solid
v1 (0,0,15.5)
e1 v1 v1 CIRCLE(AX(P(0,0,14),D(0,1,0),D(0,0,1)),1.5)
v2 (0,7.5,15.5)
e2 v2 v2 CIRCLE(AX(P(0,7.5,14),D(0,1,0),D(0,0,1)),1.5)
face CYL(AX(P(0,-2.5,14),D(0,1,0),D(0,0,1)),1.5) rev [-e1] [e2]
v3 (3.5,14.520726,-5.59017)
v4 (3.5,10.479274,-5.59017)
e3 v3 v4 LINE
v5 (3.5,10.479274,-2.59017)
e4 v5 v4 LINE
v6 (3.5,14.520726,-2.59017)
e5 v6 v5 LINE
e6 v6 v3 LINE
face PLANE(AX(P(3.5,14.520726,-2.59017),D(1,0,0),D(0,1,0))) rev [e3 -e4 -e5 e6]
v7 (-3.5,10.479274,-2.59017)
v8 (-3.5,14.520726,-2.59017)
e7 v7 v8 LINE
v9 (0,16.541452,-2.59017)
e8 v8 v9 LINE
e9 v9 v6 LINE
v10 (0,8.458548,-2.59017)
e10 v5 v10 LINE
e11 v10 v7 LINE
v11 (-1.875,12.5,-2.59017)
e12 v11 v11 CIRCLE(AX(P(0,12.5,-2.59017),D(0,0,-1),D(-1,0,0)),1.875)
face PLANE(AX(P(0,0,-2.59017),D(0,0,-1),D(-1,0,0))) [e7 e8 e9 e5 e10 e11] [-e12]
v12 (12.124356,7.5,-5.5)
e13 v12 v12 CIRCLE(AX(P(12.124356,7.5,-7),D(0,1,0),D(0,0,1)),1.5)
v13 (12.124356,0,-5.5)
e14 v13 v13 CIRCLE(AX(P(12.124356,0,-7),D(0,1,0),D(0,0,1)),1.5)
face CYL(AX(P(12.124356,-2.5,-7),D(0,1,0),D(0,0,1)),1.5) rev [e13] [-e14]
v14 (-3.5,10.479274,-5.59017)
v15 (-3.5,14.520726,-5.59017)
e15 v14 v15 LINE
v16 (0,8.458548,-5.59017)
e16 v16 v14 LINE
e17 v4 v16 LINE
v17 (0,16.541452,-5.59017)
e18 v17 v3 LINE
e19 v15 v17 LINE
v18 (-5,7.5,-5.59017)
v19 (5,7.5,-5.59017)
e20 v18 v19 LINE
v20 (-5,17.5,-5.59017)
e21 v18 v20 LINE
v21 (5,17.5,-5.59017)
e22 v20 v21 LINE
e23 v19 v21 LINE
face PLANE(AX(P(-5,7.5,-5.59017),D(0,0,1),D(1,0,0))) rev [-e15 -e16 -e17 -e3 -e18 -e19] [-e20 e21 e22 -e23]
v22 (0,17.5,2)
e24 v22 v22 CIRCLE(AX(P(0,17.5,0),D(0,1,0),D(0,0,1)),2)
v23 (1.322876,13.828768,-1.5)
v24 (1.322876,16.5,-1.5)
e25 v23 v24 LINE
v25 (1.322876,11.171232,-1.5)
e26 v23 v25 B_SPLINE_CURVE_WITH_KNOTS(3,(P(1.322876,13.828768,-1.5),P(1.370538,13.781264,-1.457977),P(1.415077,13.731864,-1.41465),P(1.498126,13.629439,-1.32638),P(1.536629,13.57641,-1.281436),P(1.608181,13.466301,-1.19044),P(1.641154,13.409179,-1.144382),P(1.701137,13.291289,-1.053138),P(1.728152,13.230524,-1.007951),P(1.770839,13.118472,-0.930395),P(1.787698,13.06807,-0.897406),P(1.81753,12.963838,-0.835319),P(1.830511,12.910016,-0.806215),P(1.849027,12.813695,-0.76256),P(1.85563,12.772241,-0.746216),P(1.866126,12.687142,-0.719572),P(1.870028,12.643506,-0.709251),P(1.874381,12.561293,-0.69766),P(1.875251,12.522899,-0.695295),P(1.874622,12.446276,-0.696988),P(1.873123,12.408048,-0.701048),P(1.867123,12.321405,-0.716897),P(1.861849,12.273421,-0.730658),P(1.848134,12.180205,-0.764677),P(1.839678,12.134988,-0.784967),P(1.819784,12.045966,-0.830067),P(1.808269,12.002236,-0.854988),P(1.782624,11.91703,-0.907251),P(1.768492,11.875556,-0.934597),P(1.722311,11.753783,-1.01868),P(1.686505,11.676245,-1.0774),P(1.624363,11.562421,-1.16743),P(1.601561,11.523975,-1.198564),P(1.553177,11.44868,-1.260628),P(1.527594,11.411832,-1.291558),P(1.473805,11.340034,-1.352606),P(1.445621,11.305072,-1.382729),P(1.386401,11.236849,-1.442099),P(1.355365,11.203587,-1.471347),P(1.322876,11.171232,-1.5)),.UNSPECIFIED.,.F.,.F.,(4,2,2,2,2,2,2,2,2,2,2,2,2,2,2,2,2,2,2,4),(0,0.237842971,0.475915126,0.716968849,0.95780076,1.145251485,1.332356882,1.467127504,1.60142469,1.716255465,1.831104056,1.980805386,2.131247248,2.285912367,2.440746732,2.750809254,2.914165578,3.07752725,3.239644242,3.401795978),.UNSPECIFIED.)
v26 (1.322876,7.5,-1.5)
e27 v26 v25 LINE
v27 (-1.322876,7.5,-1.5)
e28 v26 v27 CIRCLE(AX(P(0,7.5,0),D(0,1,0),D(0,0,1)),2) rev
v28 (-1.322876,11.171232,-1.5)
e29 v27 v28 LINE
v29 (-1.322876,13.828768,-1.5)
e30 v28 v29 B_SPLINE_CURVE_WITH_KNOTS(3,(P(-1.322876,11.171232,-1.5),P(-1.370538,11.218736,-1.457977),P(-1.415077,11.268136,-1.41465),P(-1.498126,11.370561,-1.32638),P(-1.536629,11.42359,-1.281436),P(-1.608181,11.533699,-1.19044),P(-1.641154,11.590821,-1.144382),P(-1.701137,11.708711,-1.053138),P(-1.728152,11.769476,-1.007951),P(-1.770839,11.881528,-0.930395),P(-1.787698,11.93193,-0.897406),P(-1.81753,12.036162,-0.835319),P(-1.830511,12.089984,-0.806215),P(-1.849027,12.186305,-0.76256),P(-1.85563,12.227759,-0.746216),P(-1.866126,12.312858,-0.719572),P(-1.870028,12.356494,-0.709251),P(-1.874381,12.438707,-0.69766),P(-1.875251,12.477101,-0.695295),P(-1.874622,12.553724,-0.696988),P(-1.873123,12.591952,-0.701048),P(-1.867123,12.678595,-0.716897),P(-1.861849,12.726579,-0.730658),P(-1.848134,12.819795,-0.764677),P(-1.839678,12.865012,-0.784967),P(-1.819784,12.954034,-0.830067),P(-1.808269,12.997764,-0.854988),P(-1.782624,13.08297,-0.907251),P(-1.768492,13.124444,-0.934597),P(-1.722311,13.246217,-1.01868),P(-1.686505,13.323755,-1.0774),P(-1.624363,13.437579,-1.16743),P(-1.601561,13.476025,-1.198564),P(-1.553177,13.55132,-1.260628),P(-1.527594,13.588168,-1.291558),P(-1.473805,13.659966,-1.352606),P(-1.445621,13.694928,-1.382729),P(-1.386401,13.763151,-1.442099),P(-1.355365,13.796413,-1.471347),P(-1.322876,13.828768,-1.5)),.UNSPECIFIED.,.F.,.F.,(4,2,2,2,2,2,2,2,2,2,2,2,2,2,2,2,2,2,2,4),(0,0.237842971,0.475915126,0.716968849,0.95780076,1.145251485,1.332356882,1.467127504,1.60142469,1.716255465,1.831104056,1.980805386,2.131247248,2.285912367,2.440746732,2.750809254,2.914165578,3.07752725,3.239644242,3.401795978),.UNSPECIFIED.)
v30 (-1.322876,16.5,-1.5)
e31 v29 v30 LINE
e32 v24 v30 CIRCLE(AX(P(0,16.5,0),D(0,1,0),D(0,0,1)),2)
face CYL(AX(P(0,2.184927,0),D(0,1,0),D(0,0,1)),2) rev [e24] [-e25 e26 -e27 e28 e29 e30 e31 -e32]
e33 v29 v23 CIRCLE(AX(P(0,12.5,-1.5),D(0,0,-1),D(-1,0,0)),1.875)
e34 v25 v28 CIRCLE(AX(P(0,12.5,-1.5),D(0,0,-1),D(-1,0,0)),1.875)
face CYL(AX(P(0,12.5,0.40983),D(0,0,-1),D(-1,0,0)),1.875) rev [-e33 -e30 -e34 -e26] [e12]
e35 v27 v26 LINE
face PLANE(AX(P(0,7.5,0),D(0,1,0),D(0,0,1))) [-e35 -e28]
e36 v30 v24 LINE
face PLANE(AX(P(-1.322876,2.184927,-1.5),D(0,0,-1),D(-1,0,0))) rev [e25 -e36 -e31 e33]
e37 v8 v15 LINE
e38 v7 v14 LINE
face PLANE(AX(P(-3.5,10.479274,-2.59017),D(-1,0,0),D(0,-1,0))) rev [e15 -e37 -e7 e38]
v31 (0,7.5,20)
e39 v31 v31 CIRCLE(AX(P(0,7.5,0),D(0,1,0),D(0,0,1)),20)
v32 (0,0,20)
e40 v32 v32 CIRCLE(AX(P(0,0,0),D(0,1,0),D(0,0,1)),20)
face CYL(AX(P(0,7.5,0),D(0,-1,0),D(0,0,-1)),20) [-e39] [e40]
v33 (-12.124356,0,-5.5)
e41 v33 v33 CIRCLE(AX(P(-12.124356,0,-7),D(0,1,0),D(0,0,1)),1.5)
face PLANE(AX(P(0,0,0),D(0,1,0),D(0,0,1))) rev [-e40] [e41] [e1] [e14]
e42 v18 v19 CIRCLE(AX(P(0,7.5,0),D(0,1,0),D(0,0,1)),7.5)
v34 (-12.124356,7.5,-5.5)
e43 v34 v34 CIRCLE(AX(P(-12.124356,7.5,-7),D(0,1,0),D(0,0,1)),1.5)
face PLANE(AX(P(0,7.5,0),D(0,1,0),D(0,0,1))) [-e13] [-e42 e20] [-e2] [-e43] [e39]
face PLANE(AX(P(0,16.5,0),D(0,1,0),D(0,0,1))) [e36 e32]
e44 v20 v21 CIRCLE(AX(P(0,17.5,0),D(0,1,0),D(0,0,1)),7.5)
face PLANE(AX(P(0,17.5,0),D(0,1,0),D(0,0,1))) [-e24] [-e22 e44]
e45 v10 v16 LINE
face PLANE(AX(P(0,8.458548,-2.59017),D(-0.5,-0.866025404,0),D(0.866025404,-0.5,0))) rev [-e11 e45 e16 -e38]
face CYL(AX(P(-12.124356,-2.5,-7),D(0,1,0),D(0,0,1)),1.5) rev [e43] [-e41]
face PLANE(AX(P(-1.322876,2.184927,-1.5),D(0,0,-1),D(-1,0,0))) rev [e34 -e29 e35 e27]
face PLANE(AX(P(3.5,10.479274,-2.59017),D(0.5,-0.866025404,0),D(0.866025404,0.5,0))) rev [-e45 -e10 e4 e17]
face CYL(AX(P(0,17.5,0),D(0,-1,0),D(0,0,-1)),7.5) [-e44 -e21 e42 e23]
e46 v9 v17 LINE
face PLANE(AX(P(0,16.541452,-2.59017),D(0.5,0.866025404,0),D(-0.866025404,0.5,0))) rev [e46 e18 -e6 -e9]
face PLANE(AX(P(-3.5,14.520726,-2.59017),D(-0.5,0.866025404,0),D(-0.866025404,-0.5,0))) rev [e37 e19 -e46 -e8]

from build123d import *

# Parameters (mm, degrees)
CROQUIS1_R              = 20
SALIENTE_EXTRUIR1_DEPTH = 7.5
CROQUIS2_R              = 7.5
SALIENTE_EXTRUIR2_DEPTH = 10
CORTAR_EXTRUIR1_DEPTH   = 10
CORTAR_EXTRUIR2_DEPTH   = 3
CORTAR_EXTRUIR3_DEPTH   = 10
CROQUIS8_R              = 1.875
CORTAR_EXTRUIR4_DEPTH   = 3
CROQUIS9_R              = 1.5
CORTAR_EXTRUIR5_DEPTH   = 10
CROQUIS10_R             = 2
CORTAR_EXTRUIR7_DEPTH   = 1


with BuildPart() as part:
    # Croquis1 → Saliente-Extruir1 (new body)
    with BuildSketch(Plane(origin=(0, 0, 0), x_dir=(1, 0, 0), z_dir=(0, 1, 0))):
        Circle(CROQUIS1_R)
    extrude(amount=SALIENTE_EXTRUIR1_DEPTH)

    # Croquis2 → Saliente-Extruir2 (add)
    with BuildSketch(Plane(origin=(0, 7.5, 0), x_dir=(1, 0, 0), z_dir=(0, 1, 0))):
        Circle(CROQUIS2_R)
    extrude(amount=SALIENTE_EXTRUIR2_DEPTH)

    # Croquis5 → Cortar-Extruir1 (cut)
    with BuildSketch(Plane(origin=(0, 17.5, 0), x_dir=(1, 0, 0), z_dir=(0, 1, 0))):
        with BuildLine():
            Line((-5, 5.590169944), (5, 5.590169944))
            ThreePointArc((5, 5.590169944), (0, 7.5), (-5, 5.590169944))
        make_face()
    extrude(amount=-CORTAR_EXTRUIR1_DEPTH, mode=Mode.SUBTRACT)

    # Croquis6 → Cortar-Extruir2 (cut)
    with BuildSketch(Plane(origin=(0, 0, -5.590169944), x_dir=(-1, 0, 0), z_dir=(0, 0, -1))):
        Polygon((0, 8.458548116), (3.5, 10.479274058), (3.5, 14.520725942), (0, 16.541451884), (-3.5, 14.520725942), (-3.5, 10.479274058), align=None)
    extrude(amount=-CORTAR_EXTRUIR2_DEPTH, mode=Mode.SUBTRACT)

    # Croquis7 → Cortar-Extruir3 (cut)
    with BuildSketch(Plane(origin=(0, 17.5, 0), x_dir=(1, 0, 0), z_dir=(0, 1, 0))):
        with BuildLine():
            Line((-1.322875656, 1.5), (1.322875656, 1.5))
            ThreePointArc((1.322875656, 1.5), (0, -2), (-1.322875656, 1.5))
        make_face()
    extrude(amount=-CORTAR_EXTRUIR3_DEPTH, mode=Mode.SUBTRACT)

    # Croquis8 → Cortar-Extruir4 (cut)
    with BuildSketch(Plane(origin=(0, 0, -2.590169944), x_dir=(-1, 0, 0), z_dir=(0, 0, -1))):
        with Locations((0, 12.5)):
            Circle(CROQUIS8_R)
    extrude(amount=-CORTAR_EXTRUIR4_DEPTH, mode=Mode.SUBTRACT)

    # Croquis9 → Cortar-Extruir5 (cut)
    with BuildSketch(Plane(origin=(0, 7.5, 0), x_dir=(1, 0, 0), z_dir=(0, 1, 0))):
        with Locations((-12.124355653, 7)):
            Circle(CROQUIS9_R)
        with Locations((12.124355653, 7)):
            Circle(CROQUIS9_R)
        with Locations((0, -14)):
            Circle(CROQUIS9_R)
    extrude(amount=-CORTAR_EXTRUIR5_DEPTH, mode=Mode.SUBTRACT)

    # Croquis10 → Cortar-Extruir7 (cut)
    with BuildSketch(Plane(origin=(0, 17.5, 0), x_dir=(1, 0, 0), z_dir=(0, 1, 0))):
        Circle(CROQUIS10_R)
    extrude(amount=-CORTAR_EXTRUIR7_DEPTH, mode=Mode.SUBTRACT)


solid = part.part
